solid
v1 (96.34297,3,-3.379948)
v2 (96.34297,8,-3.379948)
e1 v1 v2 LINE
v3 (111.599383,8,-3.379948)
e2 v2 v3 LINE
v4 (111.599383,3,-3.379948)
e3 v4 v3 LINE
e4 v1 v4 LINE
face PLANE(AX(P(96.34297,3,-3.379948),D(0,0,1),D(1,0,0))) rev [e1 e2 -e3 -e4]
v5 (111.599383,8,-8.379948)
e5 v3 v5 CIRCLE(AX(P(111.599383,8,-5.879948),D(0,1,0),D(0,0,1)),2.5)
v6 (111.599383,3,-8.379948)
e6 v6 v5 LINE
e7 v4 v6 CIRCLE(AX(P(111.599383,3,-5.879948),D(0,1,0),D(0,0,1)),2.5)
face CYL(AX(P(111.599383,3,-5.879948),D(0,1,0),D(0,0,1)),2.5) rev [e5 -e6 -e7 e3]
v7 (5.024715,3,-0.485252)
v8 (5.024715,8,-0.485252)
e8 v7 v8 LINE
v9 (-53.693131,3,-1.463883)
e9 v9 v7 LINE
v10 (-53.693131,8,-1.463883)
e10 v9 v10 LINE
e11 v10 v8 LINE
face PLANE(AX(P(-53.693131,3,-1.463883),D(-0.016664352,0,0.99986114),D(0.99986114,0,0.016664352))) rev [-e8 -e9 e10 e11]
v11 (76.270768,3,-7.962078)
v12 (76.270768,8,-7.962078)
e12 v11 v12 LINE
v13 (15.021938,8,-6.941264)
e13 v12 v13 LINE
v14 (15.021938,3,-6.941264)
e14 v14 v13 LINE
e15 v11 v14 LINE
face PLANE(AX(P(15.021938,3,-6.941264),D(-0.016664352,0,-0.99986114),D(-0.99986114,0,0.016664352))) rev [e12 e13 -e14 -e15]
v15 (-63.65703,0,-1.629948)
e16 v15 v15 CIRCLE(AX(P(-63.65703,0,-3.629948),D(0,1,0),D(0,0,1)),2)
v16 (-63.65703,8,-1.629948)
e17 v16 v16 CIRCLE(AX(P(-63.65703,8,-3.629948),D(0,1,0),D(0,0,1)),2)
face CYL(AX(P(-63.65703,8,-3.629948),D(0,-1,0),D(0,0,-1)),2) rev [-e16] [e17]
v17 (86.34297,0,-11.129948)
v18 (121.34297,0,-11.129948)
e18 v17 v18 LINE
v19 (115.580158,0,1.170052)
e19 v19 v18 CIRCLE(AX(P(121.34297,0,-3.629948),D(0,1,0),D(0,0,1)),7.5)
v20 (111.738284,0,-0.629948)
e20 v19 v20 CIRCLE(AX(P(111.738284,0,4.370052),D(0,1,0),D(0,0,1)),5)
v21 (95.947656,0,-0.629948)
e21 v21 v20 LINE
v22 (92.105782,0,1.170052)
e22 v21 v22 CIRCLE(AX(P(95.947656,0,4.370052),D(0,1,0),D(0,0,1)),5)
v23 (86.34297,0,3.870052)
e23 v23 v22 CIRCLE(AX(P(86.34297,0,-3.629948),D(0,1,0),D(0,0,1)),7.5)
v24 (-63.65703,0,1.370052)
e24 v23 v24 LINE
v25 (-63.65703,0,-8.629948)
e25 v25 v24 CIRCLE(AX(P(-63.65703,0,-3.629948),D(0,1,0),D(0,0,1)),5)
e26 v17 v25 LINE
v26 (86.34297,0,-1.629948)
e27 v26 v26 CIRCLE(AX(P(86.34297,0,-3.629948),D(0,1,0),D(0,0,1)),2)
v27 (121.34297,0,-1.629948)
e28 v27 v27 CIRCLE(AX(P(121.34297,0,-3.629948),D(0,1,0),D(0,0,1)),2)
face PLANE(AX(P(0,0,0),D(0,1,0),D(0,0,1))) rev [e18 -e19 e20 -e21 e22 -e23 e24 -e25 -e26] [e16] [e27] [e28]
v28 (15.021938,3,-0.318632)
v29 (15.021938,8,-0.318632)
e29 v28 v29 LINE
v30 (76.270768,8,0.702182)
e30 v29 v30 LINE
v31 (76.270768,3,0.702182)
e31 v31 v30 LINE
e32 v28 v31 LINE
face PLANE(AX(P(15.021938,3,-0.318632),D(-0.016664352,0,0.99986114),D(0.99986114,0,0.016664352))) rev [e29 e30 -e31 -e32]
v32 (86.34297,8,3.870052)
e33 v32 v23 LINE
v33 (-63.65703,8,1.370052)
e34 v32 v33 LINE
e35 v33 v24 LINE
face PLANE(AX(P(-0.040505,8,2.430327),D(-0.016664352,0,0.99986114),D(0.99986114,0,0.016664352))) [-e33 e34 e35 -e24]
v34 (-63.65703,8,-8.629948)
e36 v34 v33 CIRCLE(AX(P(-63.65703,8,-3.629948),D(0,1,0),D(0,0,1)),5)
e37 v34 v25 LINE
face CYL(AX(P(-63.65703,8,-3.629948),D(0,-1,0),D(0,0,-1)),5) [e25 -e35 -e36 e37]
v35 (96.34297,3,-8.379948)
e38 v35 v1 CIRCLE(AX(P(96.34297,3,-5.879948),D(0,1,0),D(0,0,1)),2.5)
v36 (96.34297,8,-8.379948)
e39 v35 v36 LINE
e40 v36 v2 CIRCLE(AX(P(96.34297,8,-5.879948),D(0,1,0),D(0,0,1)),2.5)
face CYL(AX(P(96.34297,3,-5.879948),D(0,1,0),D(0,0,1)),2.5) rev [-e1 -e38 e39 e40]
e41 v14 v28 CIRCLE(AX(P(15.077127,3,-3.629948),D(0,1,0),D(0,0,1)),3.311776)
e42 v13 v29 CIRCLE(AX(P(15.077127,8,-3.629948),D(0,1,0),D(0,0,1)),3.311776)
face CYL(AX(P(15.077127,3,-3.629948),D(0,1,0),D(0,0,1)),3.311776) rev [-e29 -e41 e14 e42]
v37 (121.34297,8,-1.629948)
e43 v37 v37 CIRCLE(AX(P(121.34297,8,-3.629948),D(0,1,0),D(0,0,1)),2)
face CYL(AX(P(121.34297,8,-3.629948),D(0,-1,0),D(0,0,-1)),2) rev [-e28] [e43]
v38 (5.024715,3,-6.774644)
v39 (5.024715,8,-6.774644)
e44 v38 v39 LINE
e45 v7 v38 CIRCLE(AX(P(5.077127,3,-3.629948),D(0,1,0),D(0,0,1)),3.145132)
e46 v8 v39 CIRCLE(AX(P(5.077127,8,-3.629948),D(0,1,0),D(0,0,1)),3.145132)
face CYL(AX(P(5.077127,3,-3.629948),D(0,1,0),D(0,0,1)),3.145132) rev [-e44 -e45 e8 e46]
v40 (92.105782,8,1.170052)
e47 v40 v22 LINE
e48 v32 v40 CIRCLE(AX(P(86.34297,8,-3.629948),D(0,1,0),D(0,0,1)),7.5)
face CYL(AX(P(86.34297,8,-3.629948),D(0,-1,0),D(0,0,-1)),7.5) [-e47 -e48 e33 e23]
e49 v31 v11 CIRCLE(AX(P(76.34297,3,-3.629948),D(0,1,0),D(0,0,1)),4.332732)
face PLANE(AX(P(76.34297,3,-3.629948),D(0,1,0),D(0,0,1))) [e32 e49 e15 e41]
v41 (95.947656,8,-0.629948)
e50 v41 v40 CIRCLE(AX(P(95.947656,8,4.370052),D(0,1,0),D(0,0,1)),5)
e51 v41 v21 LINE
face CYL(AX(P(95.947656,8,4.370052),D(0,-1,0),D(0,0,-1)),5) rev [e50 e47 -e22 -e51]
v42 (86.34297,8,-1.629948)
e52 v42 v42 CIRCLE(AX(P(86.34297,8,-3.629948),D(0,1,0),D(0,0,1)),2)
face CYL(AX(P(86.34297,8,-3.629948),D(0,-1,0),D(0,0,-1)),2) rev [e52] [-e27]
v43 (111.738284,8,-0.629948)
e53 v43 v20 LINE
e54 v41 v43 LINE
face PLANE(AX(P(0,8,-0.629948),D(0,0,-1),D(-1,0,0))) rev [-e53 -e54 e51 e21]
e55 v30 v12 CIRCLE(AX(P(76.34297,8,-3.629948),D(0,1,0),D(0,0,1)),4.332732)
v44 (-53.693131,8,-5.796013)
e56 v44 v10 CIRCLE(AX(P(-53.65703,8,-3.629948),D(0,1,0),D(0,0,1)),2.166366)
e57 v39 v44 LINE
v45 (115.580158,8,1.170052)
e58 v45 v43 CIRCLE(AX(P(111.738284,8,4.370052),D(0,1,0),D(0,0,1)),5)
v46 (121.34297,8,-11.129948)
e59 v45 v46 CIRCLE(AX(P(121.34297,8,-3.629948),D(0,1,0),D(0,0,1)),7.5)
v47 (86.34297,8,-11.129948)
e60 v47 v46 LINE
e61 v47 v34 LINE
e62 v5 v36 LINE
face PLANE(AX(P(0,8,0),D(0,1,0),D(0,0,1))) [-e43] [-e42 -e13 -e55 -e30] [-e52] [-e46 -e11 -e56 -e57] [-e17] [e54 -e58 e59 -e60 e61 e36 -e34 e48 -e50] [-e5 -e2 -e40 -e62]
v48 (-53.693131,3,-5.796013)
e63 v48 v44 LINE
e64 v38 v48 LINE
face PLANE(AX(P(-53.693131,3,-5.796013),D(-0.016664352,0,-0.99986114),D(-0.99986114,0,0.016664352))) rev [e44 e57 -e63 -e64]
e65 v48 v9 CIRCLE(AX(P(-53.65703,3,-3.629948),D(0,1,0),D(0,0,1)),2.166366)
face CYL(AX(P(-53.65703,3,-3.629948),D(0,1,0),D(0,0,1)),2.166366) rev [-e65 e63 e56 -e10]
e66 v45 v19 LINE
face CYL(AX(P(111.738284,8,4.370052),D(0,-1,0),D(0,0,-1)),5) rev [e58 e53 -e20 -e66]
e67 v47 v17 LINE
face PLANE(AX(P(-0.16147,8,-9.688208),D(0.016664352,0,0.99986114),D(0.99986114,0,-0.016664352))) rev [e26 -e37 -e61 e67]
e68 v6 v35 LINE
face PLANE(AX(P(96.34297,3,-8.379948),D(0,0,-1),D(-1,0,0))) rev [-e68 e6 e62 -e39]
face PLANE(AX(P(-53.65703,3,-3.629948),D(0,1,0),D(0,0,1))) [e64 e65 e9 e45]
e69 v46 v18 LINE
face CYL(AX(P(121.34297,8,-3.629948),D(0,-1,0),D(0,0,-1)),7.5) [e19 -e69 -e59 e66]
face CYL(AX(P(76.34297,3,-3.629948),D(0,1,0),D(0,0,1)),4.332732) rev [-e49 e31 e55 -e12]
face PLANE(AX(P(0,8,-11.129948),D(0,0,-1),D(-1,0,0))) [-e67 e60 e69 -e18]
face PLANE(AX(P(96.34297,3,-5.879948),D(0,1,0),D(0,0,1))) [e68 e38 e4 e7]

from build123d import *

# Parameters (mm, degrees)
SKETCH1_R           = 2
BOSS_EXTRUDE1_DEPTH = 8
CUT_EXTRUDE1_DEPTH  = 5


with BuildPart() as part:
    # Sketch1 → Boss-Extrude1 (new body)
    with BuildSketch(Plane(origin=(0, 0, 0), x_dir=(1, 0, 0), z_dir=(0, 1, 0))):
        with BuildLine():
            Line((121.34297014, 11.1299482), (86.34297014, 11.1299482))
            Line((86.34297014, 11.1299482), (-63.65702986, 8.6299482))
            ThreePointArc((-63.65702986, 8.6299482), (-68.65702986, 3.6299482), (-63.65702986, -1.3700518))
            Line((-63.65702986, -1.3700518), (86.34297014, -3.8700518))
            ThreePointArc((86.34297014, -3.8700518), (89.524950656, -3.161590654), (92.105781954, -1.1700518))
            ThreePointArc((92.105781954, -1.1700518), (93.826336153, 0.157640769), (95.947656497, 0.6299482))
            Line((95.947656497, 0.6299482), (111.738283784, 0.6299482))
            ThreePointArc((111.738283784, 0.6299482), (113.859604128, 0.157640769), (115.580158327, -1.1700518))
            ThreePointArc((115.580158327, -1.1700518), (118.160989625, -3.161590654), (121.34297014, -3.8700518))
            ThreePointArc((121.34297014, -3.8700518), (125.450889322, -2.645001999), (128.216833683, 0.6299482))
            ThreePointArc((128.216833683, 0.6299482), (127.617920339, 7.737867381), (121.34297014, 11.1299482))
        make_face()
        with Locations(Location((-63.65702986, 3.6299482, 0), (0, 0, 270))):
            Circle(SKETCH1_R, mode=Mode.SUBTRACT)
        with Locations(Location((86.34297014, 3.6299482, 0), (0, 0, 270))):
            Circle(SKETCH1_R, mode=Mode.SUBTRACT)
        with Locations(Location((121.34297014, 3.6299482, 0), (0, 0, 270))):
            Circle(SKETCH1_R, mode=Mode.SUBTRACT)
    extrude(amount=BOSS_EXTRUDE1_DEPTH)

    # Sketch2 → Cut-Extrude1 (cut)
    with BuildSketch(Plane(origin=(0, 8, 0), x_dir=(1, 0, 0), z_dir=(0, 1, 0))):
        with BuildLine():
            Line((-53.693130943, 5.796013182), (5.024715148, 6.77464395))
            ThreePointArc((5.024715148, 6.77464395), (8.222259227, 3.6299482), (5.024715148, 0.48525245))
            Line((5.024715148, 0.48525245), (-53.693130943, 1.463883218))
            ThreePointArc((-53.693130943, 1.463883218), (-55.823395663, 3.6299482), (-53.693130943, 5.796013182))
        make_face()
        with BuildLine():
            Line((96.34297014, 8.3799482), (111.599382505, 8.3799482))
            ThreePointArc((111.599382505, 8.3799482), (114.099382505, 5.8799482), (111.599382505, 3.3799482))
            Line((111.599382505, 3.3799482), (96.34297014, 3.3799482))
            ThreePointArc((96.34297014, 3.3799482), (93.84297014, 5.8799482), (96.34297014, 8.3799482))
        make_face()
        with BuildLine():
            Line((15.021938142, 6.941264333), (76.270767974, 7.962078164))
            ThreePointArc((76.270767974, 7.962078164), (80.675701747, 3.6299482), (76.270767974, -0.702181764))
            Line((76.270767974, -0.702181764), (15.021938142, 0.318632067))
            ThreePointArc((15.021938142, 0.318632067), (11.765350737, 3.6299482), (15.021938142, 6.941264333))
        make_face()
    extrude(amount=-CUT_EXTRUDE1_DEPTH, mode=Mode.SUBTRACT)


solid = part.part
